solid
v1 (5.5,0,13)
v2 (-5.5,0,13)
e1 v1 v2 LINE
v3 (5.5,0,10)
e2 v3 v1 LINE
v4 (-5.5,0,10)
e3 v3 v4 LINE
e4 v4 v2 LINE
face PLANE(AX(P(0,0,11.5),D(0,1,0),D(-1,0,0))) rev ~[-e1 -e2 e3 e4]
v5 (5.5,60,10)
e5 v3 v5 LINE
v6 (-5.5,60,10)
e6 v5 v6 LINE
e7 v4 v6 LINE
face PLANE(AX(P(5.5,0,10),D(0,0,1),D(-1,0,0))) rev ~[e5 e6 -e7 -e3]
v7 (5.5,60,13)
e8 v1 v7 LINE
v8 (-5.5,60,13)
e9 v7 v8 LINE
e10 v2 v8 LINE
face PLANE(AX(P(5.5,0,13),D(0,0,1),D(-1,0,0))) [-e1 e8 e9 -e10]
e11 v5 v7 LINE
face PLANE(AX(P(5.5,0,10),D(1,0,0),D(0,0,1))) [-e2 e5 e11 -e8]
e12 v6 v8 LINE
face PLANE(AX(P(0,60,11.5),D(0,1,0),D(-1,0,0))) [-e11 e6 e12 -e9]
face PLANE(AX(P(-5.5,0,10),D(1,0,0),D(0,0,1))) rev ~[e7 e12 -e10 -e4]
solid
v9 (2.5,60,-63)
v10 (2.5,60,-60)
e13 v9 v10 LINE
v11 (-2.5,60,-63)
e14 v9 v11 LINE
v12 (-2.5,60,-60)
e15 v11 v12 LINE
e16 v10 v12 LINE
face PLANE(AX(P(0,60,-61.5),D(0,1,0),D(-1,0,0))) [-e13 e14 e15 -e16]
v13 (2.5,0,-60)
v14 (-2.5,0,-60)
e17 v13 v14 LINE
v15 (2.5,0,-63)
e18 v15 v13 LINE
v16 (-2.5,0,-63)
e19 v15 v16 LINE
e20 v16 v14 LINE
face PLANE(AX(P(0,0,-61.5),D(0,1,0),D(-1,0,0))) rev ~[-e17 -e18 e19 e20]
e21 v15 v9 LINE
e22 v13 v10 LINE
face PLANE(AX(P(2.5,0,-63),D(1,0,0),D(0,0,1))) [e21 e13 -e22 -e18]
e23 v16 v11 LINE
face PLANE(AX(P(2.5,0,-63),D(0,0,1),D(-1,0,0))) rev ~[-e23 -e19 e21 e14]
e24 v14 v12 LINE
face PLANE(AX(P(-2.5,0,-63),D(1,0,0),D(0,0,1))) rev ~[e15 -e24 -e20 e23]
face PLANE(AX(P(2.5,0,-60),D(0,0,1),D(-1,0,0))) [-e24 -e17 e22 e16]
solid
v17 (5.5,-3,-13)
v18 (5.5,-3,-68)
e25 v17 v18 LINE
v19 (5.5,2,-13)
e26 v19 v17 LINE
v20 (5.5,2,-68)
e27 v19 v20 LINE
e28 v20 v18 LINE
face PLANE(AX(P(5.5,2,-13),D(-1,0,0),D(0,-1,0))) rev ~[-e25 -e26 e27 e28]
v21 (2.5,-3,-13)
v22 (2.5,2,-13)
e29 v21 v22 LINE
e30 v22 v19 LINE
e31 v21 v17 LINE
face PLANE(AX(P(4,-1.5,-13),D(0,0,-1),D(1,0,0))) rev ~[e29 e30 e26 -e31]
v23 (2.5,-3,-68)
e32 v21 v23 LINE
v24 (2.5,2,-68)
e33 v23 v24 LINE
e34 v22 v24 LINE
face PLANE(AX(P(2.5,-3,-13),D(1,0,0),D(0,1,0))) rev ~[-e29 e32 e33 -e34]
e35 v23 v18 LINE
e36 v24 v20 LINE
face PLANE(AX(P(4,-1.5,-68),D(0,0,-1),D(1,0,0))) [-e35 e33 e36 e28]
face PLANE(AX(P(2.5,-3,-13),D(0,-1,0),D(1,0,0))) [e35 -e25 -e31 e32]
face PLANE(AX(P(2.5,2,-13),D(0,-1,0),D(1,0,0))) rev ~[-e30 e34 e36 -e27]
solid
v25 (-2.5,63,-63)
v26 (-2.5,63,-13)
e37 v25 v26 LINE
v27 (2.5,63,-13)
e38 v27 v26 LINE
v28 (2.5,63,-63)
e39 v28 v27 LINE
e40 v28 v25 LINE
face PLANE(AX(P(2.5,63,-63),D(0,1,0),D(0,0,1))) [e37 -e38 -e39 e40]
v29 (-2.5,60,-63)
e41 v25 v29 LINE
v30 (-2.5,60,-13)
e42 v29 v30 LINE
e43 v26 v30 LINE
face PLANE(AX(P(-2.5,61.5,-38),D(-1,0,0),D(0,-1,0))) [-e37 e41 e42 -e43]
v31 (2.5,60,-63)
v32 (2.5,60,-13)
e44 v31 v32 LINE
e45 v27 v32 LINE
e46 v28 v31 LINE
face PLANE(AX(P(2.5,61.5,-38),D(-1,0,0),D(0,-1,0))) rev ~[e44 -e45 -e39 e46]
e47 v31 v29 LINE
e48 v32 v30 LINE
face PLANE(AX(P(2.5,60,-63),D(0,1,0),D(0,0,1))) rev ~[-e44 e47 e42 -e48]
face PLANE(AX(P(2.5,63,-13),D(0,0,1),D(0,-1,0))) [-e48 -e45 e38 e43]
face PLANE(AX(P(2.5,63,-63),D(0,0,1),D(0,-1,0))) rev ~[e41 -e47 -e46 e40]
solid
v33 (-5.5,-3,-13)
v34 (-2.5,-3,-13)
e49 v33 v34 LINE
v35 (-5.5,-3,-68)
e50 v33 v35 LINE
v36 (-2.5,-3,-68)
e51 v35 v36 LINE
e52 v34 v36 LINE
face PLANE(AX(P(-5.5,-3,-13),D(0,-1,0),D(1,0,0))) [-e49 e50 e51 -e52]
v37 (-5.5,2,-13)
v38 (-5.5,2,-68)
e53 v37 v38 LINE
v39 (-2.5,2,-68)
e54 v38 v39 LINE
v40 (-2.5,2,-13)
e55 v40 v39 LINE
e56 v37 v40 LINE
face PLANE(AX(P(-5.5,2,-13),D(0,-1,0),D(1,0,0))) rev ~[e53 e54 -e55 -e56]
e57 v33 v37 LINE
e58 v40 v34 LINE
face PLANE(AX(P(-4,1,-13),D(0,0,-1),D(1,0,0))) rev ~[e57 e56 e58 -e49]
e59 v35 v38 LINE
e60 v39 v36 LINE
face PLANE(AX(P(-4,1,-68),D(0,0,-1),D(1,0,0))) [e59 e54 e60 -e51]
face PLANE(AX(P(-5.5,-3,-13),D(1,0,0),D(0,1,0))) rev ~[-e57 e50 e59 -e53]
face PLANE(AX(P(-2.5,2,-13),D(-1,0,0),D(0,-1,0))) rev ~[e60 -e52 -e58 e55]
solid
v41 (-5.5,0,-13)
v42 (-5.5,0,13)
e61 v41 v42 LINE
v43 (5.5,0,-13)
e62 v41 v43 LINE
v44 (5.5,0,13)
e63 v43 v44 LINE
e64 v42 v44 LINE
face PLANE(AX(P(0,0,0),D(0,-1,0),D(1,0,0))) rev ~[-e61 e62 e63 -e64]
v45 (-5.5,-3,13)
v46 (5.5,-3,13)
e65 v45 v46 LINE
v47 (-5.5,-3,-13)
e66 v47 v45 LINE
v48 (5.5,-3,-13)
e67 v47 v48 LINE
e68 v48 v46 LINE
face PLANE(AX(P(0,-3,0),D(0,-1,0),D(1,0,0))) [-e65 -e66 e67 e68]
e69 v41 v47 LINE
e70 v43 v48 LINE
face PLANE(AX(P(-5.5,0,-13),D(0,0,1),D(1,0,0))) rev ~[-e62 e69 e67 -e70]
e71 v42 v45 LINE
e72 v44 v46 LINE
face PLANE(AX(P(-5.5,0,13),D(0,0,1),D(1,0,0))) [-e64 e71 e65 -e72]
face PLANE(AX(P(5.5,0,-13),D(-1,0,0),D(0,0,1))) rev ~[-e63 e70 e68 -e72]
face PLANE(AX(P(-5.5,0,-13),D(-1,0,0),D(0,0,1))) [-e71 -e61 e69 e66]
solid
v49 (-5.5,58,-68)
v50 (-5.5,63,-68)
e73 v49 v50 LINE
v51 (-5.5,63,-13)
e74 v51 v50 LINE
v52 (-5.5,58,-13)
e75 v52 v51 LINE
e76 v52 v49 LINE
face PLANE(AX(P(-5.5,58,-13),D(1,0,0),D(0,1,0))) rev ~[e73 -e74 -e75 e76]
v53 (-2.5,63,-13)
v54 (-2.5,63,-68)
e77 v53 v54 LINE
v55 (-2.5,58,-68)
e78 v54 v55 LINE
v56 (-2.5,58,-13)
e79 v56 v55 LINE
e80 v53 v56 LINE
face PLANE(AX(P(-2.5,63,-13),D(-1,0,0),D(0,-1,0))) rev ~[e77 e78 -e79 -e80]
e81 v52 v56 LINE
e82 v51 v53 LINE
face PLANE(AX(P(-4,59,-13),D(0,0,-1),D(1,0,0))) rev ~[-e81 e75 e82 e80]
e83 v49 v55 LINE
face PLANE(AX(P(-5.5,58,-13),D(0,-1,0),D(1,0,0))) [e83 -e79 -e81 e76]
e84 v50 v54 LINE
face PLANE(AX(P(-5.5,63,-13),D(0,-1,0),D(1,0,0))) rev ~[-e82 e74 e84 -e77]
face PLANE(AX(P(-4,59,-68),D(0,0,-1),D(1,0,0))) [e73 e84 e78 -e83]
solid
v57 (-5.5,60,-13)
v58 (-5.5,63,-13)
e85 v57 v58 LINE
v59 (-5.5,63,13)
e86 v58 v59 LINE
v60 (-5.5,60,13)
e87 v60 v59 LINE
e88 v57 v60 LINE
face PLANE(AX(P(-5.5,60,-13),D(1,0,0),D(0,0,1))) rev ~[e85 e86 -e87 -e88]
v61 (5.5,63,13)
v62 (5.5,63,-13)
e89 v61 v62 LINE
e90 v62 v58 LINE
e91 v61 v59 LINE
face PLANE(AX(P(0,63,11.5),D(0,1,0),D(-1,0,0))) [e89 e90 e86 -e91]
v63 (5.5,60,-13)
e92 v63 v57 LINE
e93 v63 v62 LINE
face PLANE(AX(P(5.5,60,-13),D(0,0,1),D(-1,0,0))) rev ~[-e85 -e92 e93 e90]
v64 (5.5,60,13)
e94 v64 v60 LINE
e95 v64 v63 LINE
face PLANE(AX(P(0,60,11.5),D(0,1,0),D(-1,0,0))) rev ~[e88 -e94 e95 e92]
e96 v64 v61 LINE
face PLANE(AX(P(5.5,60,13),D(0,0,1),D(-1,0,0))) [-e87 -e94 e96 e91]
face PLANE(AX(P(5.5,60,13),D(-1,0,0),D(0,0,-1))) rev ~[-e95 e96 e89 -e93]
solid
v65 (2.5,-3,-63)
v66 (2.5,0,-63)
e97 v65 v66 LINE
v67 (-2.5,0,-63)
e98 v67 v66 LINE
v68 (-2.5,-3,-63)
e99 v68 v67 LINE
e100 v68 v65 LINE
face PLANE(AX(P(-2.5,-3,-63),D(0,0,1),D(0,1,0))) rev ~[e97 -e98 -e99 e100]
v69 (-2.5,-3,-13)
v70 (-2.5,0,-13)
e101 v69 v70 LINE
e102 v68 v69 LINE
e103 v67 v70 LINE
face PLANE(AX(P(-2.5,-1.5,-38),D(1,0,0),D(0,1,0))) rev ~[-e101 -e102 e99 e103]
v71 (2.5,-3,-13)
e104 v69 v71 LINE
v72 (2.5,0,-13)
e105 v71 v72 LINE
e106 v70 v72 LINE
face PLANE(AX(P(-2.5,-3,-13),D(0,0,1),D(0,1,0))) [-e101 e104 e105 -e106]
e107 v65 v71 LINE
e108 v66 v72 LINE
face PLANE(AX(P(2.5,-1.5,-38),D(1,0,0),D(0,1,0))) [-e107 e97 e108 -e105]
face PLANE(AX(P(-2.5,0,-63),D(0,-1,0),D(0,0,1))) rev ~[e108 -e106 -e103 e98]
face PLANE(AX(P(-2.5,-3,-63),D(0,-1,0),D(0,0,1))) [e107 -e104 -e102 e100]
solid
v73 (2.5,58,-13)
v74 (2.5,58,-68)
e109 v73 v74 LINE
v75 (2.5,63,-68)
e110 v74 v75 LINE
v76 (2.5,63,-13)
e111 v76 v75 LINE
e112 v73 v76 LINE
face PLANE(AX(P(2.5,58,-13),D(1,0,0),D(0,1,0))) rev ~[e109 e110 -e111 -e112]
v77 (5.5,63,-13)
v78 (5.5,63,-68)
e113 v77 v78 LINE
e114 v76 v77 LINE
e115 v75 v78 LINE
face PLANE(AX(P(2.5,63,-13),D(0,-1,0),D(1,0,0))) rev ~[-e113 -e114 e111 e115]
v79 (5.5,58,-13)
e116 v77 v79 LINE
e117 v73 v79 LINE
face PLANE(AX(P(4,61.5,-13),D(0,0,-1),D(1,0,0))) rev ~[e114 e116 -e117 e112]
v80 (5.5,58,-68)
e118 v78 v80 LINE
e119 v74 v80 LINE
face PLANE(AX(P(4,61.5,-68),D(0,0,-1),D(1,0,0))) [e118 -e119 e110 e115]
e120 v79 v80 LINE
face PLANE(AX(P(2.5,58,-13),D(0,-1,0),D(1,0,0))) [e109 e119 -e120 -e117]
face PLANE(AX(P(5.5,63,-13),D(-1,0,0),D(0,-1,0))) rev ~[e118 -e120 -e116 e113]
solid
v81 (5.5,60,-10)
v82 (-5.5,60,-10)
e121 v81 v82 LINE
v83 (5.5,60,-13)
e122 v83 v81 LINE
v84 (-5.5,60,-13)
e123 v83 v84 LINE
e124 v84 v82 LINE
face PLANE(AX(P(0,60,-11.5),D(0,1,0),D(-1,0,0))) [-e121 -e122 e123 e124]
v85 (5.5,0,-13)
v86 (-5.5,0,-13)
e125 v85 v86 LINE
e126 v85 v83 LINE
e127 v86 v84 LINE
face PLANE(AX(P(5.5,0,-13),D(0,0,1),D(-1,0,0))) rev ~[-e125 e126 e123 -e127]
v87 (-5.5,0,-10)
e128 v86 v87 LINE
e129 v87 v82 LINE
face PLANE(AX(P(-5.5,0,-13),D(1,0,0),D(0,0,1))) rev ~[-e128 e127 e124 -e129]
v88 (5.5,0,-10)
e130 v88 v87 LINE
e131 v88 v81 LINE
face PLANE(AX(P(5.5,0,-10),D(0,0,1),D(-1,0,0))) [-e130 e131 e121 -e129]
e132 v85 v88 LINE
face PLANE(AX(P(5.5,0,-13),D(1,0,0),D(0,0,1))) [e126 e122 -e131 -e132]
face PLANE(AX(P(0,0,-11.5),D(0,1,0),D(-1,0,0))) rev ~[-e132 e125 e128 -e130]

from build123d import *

# Parameters (mm, degrees)
F0_W      = 11
F0_H      = 26
F1_DEPTH  = 3
F2_W      = 11
F2_H      = 3
F3_DEPTH  = 60
F4_W      = 11
F4_H      = 3
F4_H_2    = 23
F5_DEPTH  = 3
F6_W      = 3
F6_H      = 2
F6_H_2    = 3
F7_DEPTH  = 55
F8_W      = 3
F8_H      = 50
F9_DEPTH  = 5
F10_W     = 3
F10_H     = 3
F10_H_2   = 2
F11_DEPTH = 55
F13_W     = 5
F13_H     = 3
F14_DEPTH = 60
F12_W     = 3
F12_H     = 50
F15_DEPTH = 5


with BuildPart() as f1:
    # F0 (on Front) → F1 (new body)
    with BuildSketch(Plane.XZ):
        Rectangle(F0_W, F0_H)
    extrude(amount=F1_DEPTH)


with BuildPart() as f3:
    # F2 (on face) → F3 (new body)
    with BuildSketch(Plane(origin=(0, 0, 0), x_dir=(-1, 0, 0), z_dir=(0, 1, 0))):
        with Locations((0, 11.5)):
            Rectangle(F2_W, F2_H)
    extrude(amount=F3_DEPTH)


with BuildPart() as f3b:
    # F2 (on face) → F3, piece 2 (new body)
    with BuildSketch(Plane(origin=(0, 0, 0), x_dir=(-1, 0, 0), z_dir=(0, 1, 0))):
        with Locations((0, -11.5)):
            Rectangle(F2_W, F2_H)
    extrude(amount=F3_DEPTH)


with BuildPart() as f5:
    # F4 (on face) → F5 (new body)
    with BuildSketch(Plane(origin=(0, 60, 0), x_dir=(-1, 0, 0), z_dir=(0, 1, 0))):
        with Locations((0, 11.5)):
            Rectangle(F4_W, F4_H)
        with Locations((0, -1.5)):
            Rectangle(F4_W, F4_H_2)
    extrude(amount=F5_DEPTH)


with BuildPart() as f7:
    # F6 (on face) → F7 (new body)
    with BuildSketch(Plane(origin=(0, 0, -13), x_dir=(1, 0, 0), z_dir=(0, 0, -1))):
        with Locations((-4, -1)):
            Rectangle(F6_W, F6_H)
        with Locations((-4, 1.5)):
            Rectangle(F6_W, F6_H_2)
    extrude(amount=F7_DEPTH)


with BuildPart() as f7b:
    # F6 (on face) → F7, piece 2 (new body)
    with BuildSketch(Plane(origin=(0, 0, -13), x_dir=(1, 0, 0), z_dir=(0, 0, -1))):
        with Locations((4, 1.5)):
            Rectangle(F6_W, F6_H_2)
        with Locations((4, -1)):
            Rectangle(F6_W, F6_H)
    extrude(amount=F7_DEPTH)


with BuildPart() as f9:
    # F8 (on face) → F9 (new body)
    with BuildSketch(Plane.YZ.offset(-2.5)):
        with Locations((-1.5, -38)):
            Rectangle(F8_W, F8_H)
    extrude(amount=F9_DEPTH)


with BuildPart() as f11:
    # F10 (on face) → F11 (new body)
    with BuildSketch(Plane(origin=(0, 0, -13), x_dir=(1, 0, 0), z_dir=(0, 0, -1))):
        with Locations((4, -61.5)):
            Rectangle(F10_W, F10_H)
        with Locations((4, -59)):
            Rectangle(F10_W, F10_H_2)
    extrude(amount=F11_DEPTH)


with BuildPart() as f11b:
    # F10 (on face) → F11, piece 2 (new body)
    with BuildSketch(Plane(origin=(0, 0, -13), x_dir=(1, 0, 0), z_dir=(0, 0, -1))):
        with Locations((-4, -59)):
            Rectangle(F10_W, F10_H_2)
        with Locations((-4, -61.5)):
            Rectangle(F10_W, F10_H)
    extrude(amount=F11_DEPTH)


with BuildPart() as f14:
    # F13 (on face) → F14 (new body)
    with BuildSketch(Plane(origin=(0, 0, 0), x_dir=(-1, 0, 0), z_dir=(0, 1, 0))):
        with Locations((0, -61.5)):
            Rectangle(F13_W, F13_H)
    extrude(amount=F14_DEPTH)


with BuildPart() as f15:
    # F12 (on face) → F15 (new body)
    with BuildSketch(Plane(origin=(2.5, 0, 0), x_dir=(0, -1, 0), z_dir=(-1, 0, 0))):
        with Locations((-61.5, -38)):
            Rectangle(F12_W, F12_H)
    extrude(amount=F15_DEPTH)


solid = Compound([f1.part, f3.part, f3b.part, f5.part, f7.part, f7b.part, f9.part, f11.part, f11b.part, f14.part, f15.part])
